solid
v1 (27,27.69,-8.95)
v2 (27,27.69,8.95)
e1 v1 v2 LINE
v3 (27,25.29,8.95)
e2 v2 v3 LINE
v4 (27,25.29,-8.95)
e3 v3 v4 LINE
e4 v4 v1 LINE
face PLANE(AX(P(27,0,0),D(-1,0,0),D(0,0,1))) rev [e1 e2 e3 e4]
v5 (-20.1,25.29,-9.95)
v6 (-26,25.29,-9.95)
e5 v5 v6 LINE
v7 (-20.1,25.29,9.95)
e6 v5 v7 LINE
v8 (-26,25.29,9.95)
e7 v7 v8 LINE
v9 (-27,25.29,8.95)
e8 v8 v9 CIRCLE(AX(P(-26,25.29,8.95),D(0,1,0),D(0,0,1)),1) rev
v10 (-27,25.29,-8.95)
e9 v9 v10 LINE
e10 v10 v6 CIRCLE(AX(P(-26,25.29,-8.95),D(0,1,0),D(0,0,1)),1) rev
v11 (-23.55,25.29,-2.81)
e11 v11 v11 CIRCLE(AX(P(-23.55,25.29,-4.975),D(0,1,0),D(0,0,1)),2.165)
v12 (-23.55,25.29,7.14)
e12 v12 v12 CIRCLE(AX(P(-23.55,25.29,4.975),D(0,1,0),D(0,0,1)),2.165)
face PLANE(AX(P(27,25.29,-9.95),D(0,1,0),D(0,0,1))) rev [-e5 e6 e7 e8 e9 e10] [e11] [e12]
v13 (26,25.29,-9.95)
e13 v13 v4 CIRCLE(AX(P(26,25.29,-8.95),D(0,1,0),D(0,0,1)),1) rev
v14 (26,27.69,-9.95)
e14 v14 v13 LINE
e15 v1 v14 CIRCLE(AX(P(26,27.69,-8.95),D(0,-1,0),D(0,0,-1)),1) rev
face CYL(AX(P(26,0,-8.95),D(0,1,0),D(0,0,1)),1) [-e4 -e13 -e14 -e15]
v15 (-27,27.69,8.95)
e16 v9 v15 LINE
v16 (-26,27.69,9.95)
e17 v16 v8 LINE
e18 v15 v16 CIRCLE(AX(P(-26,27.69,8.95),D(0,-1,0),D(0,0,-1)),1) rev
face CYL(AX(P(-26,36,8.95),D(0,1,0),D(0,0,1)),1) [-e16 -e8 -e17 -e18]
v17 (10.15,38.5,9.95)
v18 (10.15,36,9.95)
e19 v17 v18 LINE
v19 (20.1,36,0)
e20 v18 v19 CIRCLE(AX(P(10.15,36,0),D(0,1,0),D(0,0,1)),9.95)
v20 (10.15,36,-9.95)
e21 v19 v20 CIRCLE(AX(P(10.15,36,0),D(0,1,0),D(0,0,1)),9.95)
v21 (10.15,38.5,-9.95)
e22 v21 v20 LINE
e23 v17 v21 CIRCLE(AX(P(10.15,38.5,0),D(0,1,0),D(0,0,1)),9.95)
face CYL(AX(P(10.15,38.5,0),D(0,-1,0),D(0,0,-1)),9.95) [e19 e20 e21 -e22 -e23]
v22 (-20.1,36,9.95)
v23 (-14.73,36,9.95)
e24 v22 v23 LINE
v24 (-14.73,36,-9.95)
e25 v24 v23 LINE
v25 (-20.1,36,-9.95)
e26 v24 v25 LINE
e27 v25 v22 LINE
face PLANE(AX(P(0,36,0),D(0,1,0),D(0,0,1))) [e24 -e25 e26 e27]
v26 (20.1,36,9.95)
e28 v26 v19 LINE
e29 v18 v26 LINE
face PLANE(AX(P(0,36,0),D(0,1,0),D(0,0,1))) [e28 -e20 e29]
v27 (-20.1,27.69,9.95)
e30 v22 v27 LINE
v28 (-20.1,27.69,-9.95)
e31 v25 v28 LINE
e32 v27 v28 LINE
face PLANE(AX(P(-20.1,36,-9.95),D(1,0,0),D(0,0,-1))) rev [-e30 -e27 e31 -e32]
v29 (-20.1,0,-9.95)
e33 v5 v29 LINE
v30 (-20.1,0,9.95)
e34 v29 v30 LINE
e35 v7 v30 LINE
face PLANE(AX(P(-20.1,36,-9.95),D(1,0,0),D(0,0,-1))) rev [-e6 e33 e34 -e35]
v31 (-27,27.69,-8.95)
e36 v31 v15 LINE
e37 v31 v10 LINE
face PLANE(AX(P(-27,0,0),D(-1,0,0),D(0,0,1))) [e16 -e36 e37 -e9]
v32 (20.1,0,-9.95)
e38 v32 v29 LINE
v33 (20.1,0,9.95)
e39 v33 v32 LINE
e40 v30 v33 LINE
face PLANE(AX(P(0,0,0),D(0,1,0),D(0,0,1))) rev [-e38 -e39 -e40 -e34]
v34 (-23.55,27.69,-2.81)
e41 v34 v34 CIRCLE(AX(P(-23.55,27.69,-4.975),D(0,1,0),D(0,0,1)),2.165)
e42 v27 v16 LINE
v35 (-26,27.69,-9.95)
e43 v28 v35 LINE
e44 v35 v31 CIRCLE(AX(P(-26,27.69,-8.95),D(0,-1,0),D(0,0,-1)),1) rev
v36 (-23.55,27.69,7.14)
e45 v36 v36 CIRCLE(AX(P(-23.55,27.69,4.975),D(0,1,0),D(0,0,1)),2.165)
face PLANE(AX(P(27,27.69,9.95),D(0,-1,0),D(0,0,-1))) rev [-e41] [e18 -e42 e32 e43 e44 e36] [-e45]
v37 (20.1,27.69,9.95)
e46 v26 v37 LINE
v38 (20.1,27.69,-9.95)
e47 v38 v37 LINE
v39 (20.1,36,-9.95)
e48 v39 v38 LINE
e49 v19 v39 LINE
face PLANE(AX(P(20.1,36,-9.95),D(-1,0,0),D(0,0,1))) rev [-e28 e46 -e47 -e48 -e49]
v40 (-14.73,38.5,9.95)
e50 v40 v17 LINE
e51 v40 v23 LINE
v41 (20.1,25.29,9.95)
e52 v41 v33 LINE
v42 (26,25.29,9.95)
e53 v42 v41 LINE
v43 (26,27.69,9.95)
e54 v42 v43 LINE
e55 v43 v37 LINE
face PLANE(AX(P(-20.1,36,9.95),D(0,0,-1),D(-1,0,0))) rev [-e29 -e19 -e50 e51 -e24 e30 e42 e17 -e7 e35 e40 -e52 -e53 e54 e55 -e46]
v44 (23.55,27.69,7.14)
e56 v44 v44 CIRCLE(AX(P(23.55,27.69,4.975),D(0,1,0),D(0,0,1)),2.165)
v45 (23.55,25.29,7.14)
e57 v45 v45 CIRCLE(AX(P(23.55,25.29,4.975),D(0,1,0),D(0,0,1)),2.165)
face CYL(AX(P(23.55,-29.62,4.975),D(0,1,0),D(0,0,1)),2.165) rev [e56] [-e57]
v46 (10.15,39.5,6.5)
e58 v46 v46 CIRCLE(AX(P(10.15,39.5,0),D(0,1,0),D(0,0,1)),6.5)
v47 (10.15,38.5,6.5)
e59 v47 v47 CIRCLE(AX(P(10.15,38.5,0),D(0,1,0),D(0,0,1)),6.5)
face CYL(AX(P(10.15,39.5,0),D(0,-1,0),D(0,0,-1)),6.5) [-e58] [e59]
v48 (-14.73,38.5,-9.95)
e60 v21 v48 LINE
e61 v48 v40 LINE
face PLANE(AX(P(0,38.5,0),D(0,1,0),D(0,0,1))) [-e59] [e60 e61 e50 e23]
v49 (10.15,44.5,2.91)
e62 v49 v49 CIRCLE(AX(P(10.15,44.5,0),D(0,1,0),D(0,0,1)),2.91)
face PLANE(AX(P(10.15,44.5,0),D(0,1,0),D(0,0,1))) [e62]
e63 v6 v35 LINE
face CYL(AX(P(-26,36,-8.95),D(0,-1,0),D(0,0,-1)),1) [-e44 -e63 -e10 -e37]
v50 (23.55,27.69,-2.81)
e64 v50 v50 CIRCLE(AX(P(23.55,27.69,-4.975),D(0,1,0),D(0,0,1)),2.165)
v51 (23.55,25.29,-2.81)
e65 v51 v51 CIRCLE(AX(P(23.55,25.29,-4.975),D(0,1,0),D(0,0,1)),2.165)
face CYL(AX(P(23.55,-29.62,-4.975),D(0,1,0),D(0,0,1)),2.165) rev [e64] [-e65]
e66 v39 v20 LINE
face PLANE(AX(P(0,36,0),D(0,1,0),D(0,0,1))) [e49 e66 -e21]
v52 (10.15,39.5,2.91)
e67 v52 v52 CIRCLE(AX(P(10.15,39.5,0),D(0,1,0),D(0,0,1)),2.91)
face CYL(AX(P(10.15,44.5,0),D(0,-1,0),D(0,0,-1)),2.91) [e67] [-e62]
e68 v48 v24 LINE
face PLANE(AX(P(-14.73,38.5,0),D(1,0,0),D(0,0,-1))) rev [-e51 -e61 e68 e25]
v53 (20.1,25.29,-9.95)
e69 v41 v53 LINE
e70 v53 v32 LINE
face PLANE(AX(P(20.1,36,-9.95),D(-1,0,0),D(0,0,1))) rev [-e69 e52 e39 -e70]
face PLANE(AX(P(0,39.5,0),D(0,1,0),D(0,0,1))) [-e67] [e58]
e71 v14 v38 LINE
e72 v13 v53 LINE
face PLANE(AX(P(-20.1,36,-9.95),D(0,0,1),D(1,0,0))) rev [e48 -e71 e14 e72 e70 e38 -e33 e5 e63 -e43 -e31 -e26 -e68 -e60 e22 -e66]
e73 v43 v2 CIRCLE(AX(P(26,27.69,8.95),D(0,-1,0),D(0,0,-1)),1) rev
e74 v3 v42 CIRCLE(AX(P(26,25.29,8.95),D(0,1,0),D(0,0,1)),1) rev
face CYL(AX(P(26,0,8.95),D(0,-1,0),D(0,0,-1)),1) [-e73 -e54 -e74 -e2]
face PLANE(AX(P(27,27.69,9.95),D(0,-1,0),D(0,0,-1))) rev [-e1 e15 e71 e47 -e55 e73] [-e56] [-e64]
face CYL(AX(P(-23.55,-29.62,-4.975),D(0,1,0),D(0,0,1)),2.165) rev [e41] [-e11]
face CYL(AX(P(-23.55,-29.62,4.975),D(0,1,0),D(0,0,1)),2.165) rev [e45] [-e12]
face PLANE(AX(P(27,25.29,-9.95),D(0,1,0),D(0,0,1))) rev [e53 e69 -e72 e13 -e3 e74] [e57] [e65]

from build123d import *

# Parameters (mm, degrees)
CROQUIS1_W              = 40.2
CROQUIS1_H              = 19.9
SALIENTE_EXTRUIR1_DEPTH = 36
CROQUIS4_W              = 19.9
CROQUIS4_H              = 2.4
SALIENTE_EXTRUIR3_DEPTH = 27
CROQUIS5_R              = 2.165
CORTAR_EXTRUIR2_DEPTH   = 57.31
SALIENTE_EXTRUIR5_DEPTH = 2.5
SALIENTE_EXTRUIR6_DEPTH = 1
CROQUIS8_R              = 2.91
SALIENTE_EXTRUIR7_DEPTH = 5
REDONDEO1_R             = 1


with BuildPart() as part:
    # Croquis1 → Saliente-Extruir1 (new body)
    with BuildSketch(Plane(origin=(0, 0, 0), x_dir=(1, 0, 0), z_dir=(0, 1, 0))):
        Rectangle(CROQUIS1_W, CROQUIS1_H)
    extrude(amount=SALIENTE_EXTRUIR1_DEPTH)

    # Croquis4 → Saliente-Extruir3 (add, symmetric)
    with BuildSketch(Plane(origin=(0, 0, 0), x_dir=(0, 0, -1), z_dir=(1, 0, 0))):
        with Locations((0, 26.49)):
            Rectangle(CROQUIS4_W, CROQUIS4_H)
    extrude(amount=SALIENTE_EXTRUIR3_DEPTH, both=True)

    # Croquis5 → Cortar-Extruir2 (cut)
    with BuildSketch(Plane(origin=(0, 27.69, 0), x_dir=(1, 0, 0), z_dir=(0, 1, 0))):
        with Locations((-23.55, 4.975)):
            Circle(CROQUIS5_R)
        with Locations((-23.55, -4.975)):
            Circle(CROQUIS5_R)
        with Locations((23.55, 4.975)):
            Circle(CROQUIS5_R)
        with Locations((23.55, -4.975)):
            Circle(CROQUIS5_R)
    extrude(amount=-CORTAR_EXTRUIR2_DEPTH, mode=Mode.SUBTRACT)

    # Croquis6 → Saliente-Extruir5 (add)
    with BuildSketch(Plane(origin=(0, 36, 0), x_dir=(1, 0, 0), z_dir=(0, 1, 0))):
        with BuildLine():
            ThreePointArc((10.15, -9.95), (0.2, 0), (10.15, 9.95))
            Line((10.15, 9.95), (-14.73, 9.95))
            Line((-14.73, 9.95), (-14.73, -9.95))
            Line((-14.73, -9.95), (10.15, -9.95))
        make_face()
        with BuildLine():
            ThreePointArc((20.1, 0), (17.185712473, 7.035712473), (10.15, 9.95))
            Line((10.15, 9.95), (10.15, -9.95))
            ThreePointArc((10.15, -9.95), (17.185712473, -7.035712473), (20.1, 0))
        make_face()
        with BuildLine():
            Line((10.15, -9.95), (10.15, 9.95))
            ThreePointArc((10.15, 9.95), (0.2, 0), (10.15, -9.95))
        make_face()
    extrude(amount=SALIENTE_EXTRUIR5_DEPTH)

    # Croquis7 → Saliente-Extruir6 (add)
    with BuildSketch(Plane(origin=(0, 38.5, 0), x_dir=(1, 0, 0), z_dir=(0, 1, 0))):
        with BuildLine():
            ThreePointArc((10.15, 6.5), (3.65, 0), (10.15, -6.5))
            Line((10.15, -6.5), (10.15, 6.5))
        make_face()
        with BuildLine():
            Line((10.15, 6.5), (10.15, -6.5))
            ThreePointArc((10.15, -6.5), (14.746194078, -4.596194078), (16.65, 0))
            ThreePointArc((16.65, 0), (14.746194078, 4.596194078), (10.15, 6.5))
        make_face()
    extrude(amount=SALIENTE_EXTRUIR6_DEPTH)

    # Croquis8 → Saliente-Extruir7 (add)
    with BuildSketch(Plane(origin=(0, 39.5, 0), x_dir=(1, 0, 0), z_dir=(0, 1, 0))):
        with Locations((10.15, 0)):
            Circle(CROQUIS8_R)
    extrude(amount=SALIENTE_EXTRUIR7_DEPTH)

    # Redondeo1
    redondeo1_edges = [part.edges().sort_by_distance(p)[0] for p in [
        (-27, 26.49, -9.95),
        (-27, 26.49, 9.95),
        (27, 26.49, -9.95),
        (27, 26.49, 9.95),
    ]]
    fillet(redondeo1_edges, radius=REDONDEO1_R)


solid = part.part
